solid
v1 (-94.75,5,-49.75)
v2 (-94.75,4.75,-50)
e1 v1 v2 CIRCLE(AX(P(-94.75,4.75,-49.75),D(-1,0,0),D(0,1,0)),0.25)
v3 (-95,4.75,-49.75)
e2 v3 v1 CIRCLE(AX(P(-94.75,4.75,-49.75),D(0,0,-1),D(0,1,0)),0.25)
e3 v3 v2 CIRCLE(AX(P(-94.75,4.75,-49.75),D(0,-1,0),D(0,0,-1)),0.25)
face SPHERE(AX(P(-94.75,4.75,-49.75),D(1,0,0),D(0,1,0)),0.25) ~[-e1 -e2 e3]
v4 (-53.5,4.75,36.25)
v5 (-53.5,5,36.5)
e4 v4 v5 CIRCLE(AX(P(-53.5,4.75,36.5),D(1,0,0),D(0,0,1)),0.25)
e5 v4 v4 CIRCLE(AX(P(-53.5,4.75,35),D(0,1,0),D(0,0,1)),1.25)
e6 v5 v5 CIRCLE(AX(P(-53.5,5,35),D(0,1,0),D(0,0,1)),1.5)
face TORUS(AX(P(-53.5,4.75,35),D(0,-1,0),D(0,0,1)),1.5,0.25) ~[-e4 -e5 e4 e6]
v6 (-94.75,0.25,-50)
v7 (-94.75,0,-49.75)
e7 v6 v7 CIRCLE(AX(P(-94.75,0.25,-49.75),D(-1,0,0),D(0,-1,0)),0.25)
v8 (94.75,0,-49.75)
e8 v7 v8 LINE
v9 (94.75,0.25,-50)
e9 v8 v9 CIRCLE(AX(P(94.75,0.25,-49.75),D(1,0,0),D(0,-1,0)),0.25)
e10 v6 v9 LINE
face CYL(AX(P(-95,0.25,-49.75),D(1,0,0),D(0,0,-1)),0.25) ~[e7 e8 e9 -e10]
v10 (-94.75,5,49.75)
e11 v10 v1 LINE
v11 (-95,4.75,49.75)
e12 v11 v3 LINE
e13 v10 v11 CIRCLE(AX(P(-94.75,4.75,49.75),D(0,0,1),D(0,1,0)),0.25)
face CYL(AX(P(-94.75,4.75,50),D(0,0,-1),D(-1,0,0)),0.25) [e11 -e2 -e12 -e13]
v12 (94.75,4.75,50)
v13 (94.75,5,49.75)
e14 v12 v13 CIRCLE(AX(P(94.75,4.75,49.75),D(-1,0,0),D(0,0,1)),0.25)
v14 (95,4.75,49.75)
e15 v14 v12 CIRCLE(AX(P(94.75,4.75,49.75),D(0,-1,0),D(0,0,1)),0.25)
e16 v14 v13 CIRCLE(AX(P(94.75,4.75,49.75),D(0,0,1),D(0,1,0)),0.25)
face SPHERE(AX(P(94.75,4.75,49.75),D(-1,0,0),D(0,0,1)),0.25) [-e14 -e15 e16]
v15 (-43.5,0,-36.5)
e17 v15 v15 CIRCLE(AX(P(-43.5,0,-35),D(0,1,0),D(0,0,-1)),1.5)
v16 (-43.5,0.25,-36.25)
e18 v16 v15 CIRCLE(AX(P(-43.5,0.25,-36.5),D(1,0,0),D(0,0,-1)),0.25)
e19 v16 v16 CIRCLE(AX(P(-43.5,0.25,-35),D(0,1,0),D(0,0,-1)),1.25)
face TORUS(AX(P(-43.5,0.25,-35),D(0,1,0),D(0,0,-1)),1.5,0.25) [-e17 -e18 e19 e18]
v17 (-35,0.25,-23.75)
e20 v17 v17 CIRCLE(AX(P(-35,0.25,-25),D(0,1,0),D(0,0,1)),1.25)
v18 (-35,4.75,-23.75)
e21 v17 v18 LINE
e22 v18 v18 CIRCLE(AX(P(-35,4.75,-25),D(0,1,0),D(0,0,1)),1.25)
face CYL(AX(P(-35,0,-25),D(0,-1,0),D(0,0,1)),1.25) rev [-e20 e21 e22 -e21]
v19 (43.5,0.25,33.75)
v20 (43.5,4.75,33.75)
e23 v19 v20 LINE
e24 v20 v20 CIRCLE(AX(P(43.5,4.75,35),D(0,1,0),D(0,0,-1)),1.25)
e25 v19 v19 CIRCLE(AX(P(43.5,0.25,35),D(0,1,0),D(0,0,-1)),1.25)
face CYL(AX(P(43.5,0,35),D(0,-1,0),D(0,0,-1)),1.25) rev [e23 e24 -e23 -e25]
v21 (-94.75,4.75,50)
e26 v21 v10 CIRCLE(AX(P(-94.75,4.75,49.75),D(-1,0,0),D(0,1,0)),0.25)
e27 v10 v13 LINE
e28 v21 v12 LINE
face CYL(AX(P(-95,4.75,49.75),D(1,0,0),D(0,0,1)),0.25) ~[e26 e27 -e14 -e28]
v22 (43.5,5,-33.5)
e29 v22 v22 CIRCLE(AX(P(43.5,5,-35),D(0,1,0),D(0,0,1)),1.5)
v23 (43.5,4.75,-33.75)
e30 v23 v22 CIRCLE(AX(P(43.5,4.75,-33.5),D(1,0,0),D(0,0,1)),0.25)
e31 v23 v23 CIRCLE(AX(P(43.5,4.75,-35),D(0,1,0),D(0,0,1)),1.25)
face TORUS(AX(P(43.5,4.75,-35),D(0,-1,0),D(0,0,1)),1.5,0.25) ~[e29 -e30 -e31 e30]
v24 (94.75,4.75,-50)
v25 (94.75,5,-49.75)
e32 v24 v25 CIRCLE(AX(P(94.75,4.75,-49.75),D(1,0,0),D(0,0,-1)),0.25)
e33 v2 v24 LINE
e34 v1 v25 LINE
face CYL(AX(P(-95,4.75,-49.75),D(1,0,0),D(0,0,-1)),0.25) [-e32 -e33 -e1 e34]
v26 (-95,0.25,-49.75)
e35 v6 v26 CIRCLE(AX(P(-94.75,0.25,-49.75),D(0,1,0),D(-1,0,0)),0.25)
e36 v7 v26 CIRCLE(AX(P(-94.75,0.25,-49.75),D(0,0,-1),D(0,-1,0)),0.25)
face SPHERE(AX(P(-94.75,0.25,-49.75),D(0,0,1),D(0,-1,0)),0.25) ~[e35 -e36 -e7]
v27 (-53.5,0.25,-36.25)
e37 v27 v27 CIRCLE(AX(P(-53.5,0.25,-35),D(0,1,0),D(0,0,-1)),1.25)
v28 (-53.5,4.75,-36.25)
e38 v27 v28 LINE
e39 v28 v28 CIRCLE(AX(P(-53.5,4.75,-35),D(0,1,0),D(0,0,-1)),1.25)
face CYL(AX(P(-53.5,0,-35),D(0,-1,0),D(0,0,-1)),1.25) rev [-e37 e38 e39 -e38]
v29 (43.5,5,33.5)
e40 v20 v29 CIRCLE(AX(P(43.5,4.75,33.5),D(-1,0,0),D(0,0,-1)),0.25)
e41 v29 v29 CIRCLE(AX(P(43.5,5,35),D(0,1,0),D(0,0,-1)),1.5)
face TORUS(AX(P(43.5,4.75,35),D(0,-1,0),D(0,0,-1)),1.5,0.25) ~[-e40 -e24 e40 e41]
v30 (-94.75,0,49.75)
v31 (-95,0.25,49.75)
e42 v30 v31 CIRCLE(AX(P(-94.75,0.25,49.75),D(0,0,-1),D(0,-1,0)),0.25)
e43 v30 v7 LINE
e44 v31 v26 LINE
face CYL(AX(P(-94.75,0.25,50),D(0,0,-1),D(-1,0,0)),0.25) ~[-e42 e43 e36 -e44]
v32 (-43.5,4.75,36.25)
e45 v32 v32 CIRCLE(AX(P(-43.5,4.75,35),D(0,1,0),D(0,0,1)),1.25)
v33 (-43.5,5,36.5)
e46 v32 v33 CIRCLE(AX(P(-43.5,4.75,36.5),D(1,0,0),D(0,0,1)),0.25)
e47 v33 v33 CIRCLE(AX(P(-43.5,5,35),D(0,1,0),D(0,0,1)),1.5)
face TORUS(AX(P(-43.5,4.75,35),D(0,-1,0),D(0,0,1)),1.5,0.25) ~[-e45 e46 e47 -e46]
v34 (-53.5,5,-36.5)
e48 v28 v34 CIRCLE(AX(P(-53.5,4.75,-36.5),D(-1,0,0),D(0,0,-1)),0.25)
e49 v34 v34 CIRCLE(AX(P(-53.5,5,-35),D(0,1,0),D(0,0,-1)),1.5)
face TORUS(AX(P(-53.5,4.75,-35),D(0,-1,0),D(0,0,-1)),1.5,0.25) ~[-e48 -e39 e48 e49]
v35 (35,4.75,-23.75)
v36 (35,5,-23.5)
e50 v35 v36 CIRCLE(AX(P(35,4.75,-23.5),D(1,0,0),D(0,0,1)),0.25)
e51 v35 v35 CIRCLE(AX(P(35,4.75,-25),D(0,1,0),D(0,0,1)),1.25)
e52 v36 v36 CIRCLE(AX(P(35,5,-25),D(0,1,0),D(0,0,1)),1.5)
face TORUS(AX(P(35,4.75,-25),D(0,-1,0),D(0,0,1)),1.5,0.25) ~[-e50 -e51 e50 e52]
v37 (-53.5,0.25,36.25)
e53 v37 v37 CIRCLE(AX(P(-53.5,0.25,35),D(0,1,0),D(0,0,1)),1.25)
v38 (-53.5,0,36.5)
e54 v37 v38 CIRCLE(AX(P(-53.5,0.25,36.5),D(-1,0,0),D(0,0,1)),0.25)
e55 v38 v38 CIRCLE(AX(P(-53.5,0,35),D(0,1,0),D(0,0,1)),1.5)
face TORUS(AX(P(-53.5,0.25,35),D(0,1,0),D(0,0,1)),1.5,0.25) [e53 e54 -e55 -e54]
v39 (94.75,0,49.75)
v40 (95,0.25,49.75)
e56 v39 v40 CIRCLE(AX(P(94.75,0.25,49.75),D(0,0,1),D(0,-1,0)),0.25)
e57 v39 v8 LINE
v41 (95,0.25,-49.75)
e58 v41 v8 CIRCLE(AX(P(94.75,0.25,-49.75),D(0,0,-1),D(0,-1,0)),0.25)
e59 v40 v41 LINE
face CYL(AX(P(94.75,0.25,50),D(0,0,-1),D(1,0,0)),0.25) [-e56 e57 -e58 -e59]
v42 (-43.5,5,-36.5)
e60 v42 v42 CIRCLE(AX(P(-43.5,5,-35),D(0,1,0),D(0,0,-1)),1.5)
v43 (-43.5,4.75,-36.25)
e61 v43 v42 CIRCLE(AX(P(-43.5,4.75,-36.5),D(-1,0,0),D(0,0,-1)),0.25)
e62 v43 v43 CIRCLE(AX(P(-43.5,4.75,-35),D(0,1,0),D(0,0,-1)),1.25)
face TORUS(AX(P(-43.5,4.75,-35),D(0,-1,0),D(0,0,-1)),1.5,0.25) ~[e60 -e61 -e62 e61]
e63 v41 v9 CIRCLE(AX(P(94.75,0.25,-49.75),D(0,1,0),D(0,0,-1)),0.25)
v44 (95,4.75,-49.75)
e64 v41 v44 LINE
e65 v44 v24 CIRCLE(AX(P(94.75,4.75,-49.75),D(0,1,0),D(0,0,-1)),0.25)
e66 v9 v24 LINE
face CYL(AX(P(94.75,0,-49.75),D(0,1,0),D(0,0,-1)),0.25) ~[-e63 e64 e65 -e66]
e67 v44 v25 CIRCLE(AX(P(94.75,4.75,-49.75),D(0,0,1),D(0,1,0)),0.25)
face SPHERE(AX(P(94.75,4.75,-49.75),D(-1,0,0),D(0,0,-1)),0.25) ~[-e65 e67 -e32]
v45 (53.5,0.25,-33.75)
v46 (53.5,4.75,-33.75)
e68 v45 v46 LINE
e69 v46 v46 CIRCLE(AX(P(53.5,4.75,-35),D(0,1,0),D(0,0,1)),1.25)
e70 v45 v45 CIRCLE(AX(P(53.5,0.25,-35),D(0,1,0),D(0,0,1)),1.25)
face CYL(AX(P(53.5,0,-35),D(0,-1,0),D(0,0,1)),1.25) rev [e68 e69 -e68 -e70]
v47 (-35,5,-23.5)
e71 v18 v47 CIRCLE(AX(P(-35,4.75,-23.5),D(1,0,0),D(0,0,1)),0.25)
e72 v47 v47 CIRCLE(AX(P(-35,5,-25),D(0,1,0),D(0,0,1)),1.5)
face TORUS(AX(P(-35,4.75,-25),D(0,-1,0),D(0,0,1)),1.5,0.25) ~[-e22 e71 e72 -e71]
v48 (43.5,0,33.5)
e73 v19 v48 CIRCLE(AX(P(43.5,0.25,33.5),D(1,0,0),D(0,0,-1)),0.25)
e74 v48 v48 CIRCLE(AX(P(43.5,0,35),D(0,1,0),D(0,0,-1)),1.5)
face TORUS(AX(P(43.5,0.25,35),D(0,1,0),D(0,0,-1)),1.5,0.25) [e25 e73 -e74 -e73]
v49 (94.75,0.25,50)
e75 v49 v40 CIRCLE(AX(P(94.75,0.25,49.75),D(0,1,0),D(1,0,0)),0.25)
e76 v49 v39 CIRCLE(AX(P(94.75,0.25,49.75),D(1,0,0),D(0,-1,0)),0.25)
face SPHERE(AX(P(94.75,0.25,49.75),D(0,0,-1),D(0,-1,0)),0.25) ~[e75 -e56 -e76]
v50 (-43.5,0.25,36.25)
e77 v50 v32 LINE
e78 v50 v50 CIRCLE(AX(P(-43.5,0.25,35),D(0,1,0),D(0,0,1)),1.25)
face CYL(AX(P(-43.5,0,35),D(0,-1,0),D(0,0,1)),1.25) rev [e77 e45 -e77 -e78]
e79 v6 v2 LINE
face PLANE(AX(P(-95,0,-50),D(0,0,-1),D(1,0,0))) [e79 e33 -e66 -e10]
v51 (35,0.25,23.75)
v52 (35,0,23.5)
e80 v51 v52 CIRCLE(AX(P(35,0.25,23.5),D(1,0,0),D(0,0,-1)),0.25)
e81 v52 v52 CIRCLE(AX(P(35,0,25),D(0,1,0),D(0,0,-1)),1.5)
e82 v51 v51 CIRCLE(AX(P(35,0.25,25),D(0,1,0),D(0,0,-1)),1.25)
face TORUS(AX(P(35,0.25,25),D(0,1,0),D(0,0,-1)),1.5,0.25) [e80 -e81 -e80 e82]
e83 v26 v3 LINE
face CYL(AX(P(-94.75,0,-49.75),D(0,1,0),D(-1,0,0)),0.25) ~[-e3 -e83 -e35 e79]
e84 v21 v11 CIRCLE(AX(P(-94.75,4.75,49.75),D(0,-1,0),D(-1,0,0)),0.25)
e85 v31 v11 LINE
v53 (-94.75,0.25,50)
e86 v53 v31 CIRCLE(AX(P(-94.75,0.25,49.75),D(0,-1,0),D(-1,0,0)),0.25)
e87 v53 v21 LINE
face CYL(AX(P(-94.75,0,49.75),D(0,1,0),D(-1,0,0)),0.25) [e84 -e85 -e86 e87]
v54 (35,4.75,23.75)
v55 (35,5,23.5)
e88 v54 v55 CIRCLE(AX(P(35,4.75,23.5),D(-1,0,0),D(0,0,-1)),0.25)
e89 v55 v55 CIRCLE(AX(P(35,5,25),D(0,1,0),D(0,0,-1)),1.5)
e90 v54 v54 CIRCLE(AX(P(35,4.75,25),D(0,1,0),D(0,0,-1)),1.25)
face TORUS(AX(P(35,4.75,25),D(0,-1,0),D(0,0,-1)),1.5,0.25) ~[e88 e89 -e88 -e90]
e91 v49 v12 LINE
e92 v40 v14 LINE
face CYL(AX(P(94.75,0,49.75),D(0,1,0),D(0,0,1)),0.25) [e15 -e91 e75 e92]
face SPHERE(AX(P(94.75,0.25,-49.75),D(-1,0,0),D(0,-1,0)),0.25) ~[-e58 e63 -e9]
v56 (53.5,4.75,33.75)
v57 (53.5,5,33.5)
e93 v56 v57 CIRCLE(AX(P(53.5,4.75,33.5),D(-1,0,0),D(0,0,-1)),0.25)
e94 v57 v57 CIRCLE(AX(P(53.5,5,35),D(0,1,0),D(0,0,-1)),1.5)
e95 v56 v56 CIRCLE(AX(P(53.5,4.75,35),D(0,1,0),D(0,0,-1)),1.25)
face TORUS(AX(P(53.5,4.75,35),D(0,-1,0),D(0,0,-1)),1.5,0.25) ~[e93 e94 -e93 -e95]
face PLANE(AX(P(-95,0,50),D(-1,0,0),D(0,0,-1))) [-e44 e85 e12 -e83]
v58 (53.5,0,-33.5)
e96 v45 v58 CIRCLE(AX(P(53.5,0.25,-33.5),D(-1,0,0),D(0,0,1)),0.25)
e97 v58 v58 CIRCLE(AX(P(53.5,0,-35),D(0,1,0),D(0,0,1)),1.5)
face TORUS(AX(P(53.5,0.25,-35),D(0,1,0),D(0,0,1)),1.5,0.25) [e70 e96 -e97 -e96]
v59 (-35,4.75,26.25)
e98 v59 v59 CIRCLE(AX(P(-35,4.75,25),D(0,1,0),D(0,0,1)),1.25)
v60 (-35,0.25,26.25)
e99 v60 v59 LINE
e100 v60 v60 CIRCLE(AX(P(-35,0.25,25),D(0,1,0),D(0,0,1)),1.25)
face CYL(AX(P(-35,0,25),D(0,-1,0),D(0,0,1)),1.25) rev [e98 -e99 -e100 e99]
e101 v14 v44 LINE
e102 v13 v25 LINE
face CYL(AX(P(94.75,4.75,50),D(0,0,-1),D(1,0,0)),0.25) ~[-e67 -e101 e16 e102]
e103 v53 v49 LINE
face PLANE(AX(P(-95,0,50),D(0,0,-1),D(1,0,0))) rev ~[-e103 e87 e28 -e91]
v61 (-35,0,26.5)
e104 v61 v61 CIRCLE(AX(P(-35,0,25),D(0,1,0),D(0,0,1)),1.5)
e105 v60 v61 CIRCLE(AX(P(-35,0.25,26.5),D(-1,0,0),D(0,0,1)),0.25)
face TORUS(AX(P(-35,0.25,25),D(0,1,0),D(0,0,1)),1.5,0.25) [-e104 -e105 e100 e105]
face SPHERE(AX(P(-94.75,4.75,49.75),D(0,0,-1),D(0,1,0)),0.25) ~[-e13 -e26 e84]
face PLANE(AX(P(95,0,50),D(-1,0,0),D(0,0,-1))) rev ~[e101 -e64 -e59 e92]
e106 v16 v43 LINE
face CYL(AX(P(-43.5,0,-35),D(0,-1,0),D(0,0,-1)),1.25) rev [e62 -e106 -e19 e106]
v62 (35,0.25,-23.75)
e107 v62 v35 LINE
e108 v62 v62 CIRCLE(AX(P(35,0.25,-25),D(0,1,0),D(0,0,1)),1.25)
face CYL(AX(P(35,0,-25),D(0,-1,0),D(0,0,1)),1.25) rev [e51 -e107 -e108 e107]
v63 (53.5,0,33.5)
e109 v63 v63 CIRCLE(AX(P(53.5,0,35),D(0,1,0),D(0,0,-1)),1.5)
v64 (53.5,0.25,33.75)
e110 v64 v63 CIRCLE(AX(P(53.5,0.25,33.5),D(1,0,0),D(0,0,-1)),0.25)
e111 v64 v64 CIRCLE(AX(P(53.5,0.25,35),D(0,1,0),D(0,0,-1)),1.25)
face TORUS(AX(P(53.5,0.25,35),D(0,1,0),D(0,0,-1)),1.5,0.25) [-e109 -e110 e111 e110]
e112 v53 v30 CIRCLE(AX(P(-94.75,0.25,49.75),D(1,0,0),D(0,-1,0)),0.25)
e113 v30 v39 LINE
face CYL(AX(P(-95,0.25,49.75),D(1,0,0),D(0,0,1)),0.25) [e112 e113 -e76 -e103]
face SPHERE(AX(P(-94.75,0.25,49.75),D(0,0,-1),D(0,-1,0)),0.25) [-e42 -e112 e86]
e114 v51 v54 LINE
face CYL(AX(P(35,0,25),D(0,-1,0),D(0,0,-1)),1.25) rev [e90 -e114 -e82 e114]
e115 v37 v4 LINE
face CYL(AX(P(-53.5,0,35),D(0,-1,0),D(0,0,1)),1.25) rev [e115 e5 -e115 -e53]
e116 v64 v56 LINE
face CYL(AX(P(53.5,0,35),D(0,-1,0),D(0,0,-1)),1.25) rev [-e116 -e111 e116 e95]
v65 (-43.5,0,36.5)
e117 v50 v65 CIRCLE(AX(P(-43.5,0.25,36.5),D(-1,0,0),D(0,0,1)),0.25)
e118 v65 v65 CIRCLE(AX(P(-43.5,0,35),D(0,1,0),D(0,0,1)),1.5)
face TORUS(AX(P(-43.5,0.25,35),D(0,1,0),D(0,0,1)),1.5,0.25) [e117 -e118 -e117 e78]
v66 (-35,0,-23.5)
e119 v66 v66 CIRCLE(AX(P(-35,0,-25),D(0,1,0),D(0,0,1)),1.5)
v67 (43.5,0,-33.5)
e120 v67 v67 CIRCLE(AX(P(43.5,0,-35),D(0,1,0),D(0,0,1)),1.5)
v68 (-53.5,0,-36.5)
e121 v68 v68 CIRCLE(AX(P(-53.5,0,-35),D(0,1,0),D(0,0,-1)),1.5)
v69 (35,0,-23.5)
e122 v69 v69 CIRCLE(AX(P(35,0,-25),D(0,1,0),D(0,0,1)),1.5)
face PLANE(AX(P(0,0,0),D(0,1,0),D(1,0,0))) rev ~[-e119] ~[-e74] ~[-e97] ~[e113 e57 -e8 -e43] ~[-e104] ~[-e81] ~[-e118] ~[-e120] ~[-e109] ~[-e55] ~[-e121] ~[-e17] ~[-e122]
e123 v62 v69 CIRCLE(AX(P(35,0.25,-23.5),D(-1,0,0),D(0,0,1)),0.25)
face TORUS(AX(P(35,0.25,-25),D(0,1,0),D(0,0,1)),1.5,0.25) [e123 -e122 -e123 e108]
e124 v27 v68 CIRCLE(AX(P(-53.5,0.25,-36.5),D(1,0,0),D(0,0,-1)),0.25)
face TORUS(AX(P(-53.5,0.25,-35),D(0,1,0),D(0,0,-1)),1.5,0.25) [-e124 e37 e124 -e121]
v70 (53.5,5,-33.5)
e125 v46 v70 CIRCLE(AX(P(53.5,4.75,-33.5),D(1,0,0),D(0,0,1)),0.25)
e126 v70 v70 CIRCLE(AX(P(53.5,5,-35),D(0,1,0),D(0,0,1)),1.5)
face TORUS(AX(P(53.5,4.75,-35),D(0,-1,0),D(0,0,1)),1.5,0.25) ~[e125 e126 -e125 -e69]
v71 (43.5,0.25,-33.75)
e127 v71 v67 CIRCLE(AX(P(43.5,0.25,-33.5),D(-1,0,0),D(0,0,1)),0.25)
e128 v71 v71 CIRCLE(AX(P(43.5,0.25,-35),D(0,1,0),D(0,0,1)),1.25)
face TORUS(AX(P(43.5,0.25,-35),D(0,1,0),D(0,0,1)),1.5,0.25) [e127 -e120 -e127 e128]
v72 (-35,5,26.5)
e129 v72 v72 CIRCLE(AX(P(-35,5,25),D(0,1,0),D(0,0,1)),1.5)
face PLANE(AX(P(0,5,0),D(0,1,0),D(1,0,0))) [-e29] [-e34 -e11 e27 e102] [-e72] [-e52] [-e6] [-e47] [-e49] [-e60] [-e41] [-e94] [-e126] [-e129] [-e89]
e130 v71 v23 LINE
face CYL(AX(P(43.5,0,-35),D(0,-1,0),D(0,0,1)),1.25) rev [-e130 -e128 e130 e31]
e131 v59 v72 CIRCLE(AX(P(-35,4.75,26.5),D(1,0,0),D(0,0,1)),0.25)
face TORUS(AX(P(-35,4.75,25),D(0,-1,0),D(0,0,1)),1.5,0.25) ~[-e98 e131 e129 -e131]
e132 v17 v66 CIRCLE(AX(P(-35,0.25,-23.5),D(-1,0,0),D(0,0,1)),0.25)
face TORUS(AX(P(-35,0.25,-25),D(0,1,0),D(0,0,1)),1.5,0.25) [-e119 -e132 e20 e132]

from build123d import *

# Parameters (mm, degrees)
SKETCH1_W           = 190
SKETCH1_H           = 100
SKETCH1_R           = 1.25
BOSS_EXTRUDE1_DEPTH = 5
FILLET1_R           = 0.25


with BuildPart() as part:
    # Sketch1 → Boss-Extrude1 (new body)
    with BuildSketch(Plane(origin=(0, 0, 0), x_dir=(1, 0, 0), z_dir=(0, 1, 0))):
        Rectangle(SKETCH1_W, SKETCH1_H)
        with Locations(Location((-35, 25, 0), (0, 0, 270))):
            Circle(SKETCH1_R, mode=Mode.SUBTRACT)
        with Locations(Location((-35, -25, 0), (0, 0, 270))):
            Circle(SKETCH1_R, mode=Mode.SUBTRACT)
        with Locations(Location((35, 25, 0), (0, 0, 270))):
            Circle(SKETCH1_R, mode=Mode.SUBTRACT)
        with Locations(Location((-53.5, -35, 0), (0, 0, 270))):
            Circle(SKETCH1_R, mode=Mode.SUBTRACT)
        with Locations(Location((-43.5, -35, 0), (0, 0, 270))):
            Circle(SKETCH1_R, mode=Mode.SUBTRACT)
        with Locations(Location((35, -25, 0), (0, 0, 90))):
            Circle(SKETCH1_R, mode=Mode.SUBTRACT)
        with Locations(Location((43.5, -35, 0), (0, 0, 90))):
            Circle(SKETCH1_R, mode=Mode.SUBTRACT)
        with Locations(Location((53.5, -35, 0), (0, 0, 90))):
            Circle(SKETCH1_R, mode=Mode.SUBTRACT)
        with Locations(Location((53.5, 35, 0), (0, 0, 270))):
            Circle(SKETCH1_R, mode=Mode.SUBTRACT)
        with Locations(Location((43.5, 35, 0), (0, 0, 270))):
            Circle(SKETCH1_R, mode=Mode.SUBTRACT)
        with Locations(Location((-43.5, 35, 0), (0, 0, 90))):
            Circle(SKETCH1_R, mode=Mode.SUBTRACT)
        with Locations(Location((-53.5, 35, 0), (0, 0, 90))):
            Circle(SKETCH1_R, mode=Mode.SUBTRACT)
    extrude(amount=BOSS_EXTRUDE1_DEPTH)

    # Fillet1
    fillet1_edges = [part.edges().sort_by_distance(p)[0] for p in [
        (-53.5, 0, 33.75),
        (-53.5, 5, 33.75),
        (0, 5, -50),
        (-43.5, 0, 33.75),
        (-43.5, 5, 33.75),
        (-95, 5, 0),
        (-35, 0, 23.75),
        (-35, 5, 23.75),
        (-53.5, 5, -33.75),
        (-53.5, 0, -33.75),
        (-43.5, 5, -33.75),
        (-43.5, 0, -33.75),
        (-35, 0, -26.25),
        (-35, 5, -26.25),
        (35, 5, 26.25),
        (35, 0, 26.25),
        (43.5, 5, 36.25),
        (43.5, 0, 36.25),
        (53.5, 5, 36.25),
        (53.5, 0, 36.25),
        (35, 0, -26.25),
        (35, 5, -26.25),
        (0, 5, 50),
        (-95, 0, 0),
        (43.5, 0, -36.25),
        (43.5, 5, -36.25),
        (0, 0, -50),
        (53.5, 0, -36.25),
        (53.5, 5, -36.25),
        (95, 0, 0),
        (0, 0, 50),
        (-95, 2.5, 50),
        (-95, 2.5, -50),
        (95, 2.5, -50),
        (95, 2.5, 50),
        (95, 5, 0),
    ]]
    fillet(fillet1_edges, radius=FILLET1_R)


solid = part.part
